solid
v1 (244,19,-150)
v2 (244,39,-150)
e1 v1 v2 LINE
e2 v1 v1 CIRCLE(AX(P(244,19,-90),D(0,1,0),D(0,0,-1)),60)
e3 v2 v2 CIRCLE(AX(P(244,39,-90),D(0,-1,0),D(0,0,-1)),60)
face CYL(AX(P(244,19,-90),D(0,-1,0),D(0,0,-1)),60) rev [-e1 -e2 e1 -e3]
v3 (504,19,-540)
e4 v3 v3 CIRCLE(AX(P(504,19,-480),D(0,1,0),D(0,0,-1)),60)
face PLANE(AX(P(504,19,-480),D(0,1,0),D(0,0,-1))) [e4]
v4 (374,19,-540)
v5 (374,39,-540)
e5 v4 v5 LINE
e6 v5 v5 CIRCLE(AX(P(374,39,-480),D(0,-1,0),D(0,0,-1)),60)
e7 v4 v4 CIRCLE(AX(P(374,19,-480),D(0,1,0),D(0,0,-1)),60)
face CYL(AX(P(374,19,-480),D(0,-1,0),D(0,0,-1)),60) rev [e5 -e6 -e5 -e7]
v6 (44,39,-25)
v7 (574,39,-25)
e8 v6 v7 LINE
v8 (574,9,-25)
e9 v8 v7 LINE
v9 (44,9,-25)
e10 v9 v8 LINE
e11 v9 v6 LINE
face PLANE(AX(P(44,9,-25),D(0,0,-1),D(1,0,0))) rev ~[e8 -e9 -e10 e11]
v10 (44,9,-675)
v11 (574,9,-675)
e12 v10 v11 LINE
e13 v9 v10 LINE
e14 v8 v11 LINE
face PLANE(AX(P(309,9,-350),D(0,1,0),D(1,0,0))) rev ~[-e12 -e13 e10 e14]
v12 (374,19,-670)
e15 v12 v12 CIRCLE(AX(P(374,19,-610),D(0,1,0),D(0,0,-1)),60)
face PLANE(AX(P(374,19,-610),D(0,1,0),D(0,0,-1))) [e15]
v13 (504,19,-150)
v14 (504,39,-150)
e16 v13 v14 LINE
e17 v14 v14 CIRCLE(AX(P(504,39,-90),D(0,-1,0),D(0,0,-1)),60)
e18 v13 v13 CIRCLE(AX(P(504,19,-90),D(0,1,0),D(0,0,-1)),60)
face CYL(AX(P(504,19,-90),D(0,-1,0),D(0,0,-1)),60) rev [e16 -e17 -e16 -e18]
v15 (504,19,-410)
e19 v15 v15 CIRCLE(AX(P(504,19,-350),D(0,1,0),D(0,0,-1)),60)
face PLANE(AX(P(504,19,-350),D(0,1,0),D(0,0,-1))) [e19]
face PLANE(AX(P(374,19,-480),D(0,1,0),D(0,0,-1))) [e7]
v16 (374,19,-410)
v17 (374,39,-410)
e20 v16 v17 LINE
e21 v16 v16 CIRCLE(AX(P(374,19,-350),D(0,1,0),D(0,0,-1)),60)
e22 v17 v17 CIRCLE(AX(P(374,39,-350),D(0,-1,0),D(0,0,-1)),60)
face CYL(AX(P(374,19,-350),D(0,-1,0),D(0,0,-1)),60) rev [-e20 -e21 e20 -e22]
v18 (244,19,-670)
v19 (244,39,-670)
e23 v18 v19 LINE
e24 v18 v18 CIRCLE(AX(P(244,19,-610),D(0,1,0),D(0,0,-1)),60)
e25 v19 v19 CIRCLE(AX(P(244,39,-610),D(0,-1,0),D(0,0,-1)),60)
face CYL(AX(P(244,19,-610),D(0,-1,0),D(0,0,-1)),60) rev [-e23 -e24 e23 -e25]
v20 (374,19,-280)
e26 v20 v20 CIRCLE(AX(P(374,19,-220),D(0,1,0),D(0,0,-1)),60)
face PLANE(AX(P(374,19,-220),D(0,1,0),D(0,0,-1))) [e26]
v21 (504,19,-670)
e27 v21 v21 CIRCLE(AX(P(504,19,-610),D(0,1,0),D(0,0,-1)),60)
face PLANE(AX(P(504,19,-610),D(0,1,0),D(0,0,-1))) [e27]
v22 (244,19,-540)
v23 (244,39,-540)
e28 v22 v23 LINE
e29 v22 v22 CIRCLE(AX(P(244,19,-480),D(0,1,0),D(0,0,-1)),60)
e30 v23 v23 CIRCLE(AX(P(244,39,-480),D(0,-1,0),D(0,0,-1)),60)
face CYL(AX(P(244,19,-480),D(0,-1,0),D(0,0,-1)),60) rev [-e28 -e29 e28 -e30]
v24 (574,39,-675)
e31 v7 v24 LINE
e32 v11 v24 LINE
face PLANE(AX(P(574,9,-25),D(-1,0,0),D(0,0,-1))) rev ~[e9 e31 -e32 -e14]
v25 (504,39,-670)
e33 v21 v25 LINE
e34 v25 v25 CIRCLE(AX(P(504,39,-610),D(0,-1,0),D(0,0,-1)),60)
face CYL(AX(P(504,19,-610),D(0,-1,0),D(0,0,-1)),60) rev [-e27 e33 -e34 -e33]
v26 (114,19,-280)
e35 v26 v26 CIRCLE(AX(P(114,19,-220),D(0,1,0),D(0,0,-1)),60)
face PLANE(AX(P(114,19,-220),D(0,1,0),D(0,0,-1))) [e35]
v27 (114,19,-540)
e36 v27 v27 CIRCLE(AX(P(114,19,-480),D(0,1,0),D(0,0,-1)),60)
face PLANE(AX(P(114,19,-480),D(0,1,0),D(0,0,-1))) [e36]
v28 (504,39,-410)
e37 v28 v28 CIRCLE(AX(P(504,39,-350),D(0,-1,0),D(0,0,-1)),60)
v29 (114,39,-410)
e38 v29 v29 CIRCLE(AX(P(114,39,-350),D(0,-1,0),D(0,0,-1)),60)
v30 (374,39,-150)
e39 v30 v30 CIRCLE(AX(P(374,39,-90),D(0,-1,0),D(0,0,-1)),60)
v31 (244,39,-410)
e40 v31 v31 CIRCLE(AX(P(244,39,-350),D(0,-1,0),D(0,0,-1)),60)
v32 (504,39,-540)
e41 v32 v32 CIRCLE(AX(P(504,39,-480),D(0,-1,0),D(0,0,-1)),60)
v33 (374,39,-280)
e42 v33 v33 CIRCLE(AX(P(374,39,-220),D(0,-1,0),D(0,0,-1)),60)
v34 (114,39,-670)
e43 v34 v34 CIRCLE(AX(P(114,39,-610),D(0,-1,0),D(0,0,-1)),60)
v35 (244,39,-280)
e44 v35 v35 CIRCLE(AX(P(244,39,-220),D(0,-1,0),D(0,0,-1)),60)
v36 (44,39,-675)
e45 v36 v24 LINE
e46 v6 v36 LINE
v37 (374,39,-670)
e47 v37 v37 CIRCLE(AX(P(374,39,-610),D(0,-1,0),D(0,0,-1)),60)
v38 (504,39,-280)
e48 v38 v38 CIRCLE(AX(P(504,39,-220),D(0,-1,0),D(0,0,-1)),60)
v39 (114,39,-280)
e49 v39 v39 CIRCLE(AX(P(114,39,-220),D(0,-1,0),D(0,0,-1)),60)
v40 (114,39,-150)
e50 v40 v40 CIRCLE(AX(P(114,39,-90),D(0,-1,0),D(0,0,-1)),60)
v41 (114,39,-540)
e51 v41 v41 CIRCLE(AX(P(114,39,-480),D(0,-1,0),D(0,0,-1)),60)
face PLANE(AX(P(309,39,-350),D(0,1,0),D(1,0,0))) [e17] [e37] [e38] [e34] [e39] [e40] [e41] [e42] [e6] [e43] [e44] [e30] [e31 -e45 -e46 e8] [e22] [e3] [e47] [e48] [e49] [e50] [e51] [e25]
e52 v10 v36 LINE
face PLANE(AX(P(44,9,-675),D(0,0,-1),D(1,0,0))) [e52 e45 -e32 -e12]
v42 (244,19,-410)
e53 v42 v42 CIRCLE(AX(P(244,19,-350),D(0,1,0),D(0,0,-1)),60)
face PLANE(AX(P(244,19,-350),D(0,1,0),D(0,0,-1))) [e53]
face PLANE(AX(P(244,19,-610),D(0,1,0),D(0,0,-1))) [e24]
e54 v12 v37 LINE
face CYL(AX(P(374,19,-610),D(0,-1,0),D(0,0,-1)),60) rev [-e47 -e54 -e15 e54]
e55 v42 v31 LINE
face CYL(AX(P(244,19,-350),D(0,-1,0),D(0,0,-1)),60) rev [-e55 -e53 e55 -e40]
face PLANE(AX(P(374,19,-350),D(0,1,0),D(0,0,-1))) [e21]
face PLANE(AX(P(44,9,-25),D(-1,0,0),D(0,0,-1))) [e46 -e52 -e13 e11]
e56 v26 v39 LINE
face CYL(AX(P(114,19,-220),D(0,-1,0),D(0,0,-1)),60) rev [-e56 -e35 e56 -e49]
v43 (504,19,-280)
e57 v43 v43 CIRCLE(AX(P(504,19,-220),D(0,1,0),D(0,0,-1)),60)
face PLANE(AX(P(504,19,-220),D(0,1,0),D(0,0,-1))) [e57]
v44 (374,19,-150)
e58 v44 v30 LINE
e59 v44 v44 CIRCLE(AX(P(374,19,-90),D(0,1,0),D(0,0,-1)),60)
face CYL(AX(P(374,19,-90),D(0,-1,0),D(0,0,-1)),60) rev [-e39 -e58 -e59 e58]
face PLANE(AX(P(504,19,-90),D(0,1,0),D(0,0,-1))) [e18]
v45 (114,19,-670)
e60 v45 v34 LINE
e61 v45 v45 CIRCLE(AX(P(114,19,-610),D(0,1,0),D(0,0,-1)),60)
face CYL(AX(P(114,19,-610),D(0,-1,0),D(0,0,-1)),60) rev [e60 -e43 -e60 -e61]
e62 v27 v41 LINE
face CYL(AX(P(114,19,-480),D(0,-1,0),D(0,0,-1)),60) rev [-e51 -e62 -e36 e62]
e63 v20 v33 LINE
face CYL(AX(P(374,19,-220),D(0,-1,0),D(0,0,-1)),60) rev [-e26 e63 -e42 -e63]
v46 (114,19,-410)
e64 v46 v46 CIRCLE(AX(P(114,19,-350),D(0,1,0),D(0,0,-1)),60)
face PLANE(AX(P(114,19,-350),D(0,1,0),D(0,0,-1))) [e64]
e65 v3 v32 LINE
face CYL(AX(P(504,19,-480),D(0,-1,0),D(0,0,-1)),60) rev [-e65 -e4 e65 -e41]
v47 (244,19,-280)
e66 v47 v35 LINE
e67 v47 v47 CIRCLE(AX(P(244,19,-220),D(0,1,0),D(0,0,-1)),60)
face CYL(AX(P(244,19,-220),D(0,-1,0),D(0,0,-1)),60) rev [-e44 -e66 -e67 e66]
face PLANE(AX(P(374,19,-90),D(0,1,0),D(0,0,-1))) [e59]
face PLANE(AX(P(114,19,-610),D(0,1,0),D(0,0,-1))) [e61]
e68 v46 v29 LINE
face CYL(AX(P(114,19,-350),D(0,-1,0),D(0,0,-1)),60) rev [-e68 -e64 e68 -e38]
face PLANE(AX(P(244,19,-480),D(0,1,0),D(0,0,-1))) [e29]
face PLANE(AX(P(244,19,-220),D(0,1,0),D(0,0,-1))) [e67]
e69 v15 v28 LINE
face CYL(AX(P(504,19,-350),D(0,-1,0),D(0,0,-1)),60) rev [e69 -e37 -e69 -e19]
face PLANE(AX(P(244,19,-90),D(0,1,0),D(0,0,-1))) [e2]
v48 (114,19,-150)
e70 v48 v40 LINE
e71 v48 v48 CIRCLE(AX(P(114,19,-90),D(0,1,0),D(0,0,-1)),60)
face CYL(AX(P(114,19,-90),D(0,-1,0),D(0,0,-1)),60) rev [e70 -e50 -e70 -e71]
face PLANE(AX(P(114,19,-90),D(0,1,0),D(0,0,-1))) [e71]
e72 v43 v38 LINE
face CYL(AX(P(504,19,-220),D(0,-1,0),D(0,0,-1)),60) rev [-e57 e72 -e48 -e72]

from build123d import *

# Parameters (mm, degrees)
TPS_SILIKON_GN21_20_CUKUR_1_START  = 9
SKETCH1_W                          = 530
SKETCH1_H                          = 650
TPS_SILIKON_GN21_20_CUKUR_1_DEPTH  = 30
TPS_SILIKON_GN21_20_CUKUR_2_START  = 19
SKETCH2_R                          = 60
TPS_SILIKON_GN21_20_CUKUR_2_DEPTH  = 21
TPS_SILIKON_GN21_20_CUKUR_3_START  = 19
SKETCH3_R                          = 60
TPS_SILIKON_GN21_20_CUKUR_3_DEPTH  = 21
TPS_SILIKON_GN21_20_CUKUR_4_START  = 19
SKETCH4_R                          = 60
TPS_SILIKON_GN21_20_CUKUR_4_DEPTH  = 21
TPS_SILIKON_GN21_20_CUKUR_5_START  = 19
SKETCH5_R                          = 60
TPS_SILIKON_GN21_20_CUKUR_5_DEPTH  = 21
TPS_SILIKON_GN21_20_CUKUR_6_START  = 19
SKETCH6_R                          = 60
TPS_SILIKON_GN21_20_CUKUR_6_DEPTH  = 21
TPS_SILIKON_GN21_20_CUKUR_7_START  = 19
SKETCH7_R                          = 60
TPS_SILIKON_GN21_20_CUKUR_7_DEPTH  = 21
TPS_SILIKON_GN21_20_CUKUR_8_START  = 19
SKETCH8_R                          = 60
TPS_SILIKON_GN21_20_CUKUR_8_DEPTH  = 21
TPS_SILIKON_GN21_20_CUKUR_9_START  = 19
SKETCH9_R                          = 60
TPS_SILIKON_GN21_20_CUKUR_9_DEPTH  = 21
TPS_SILIKON_GN21_20_CUKUR_10_START = 19
SKETCH10_R                         = 60
TPS_SILIKON_GN21_20_CUKUR_10_DEPTH = 21
TPS_SILIKON_GN21_20_CUKUR_11_START = 19
SKETCH11_R                         = 60
TPS_SILIKON_GN21_20_CUKUR_11_DEPTH = 21
TPS_SILIKON_GN21_20_CUKUR_12_START = 19
SKETCH12_R                         = 60
TPS_SILIKON_GN21_20_CUKUR_12_DEPTH = 21
TPS_SILIKON_GN21_20_CUKUR_13_START = 19
SKETCH13_R                         = 60
TPS_SILIKON_GN21_20_CUKUR_13_DEPTH = 21
TPS_SILIKON_GN21_20_CUKUR_14_START = 19
SKETCH14_R                         = 60
TPS_SILIKON_GN21_20_CUKUR_14_DEPTH = 21
TPS_SILIKON_GN21_20_CUKUR_15_START = 19
SKETCH15_R                         = 60
TPS_SILIKON_GN21_20_CUKUR_15_DEPTH = 21
TPS_SILIKON_GN21_20_CUKUR_16_START = 19
SKETCH16_R                         = 60
TPS_SILIKON_GN21_20_CUKUR_16_DEPTH = 21
TPS_SILIKON_GN21_20_CUKUR_17_START = 19
SKETCH17_R                         = 60
TPS_SILIKON_GN21_20_CUKUR_17_DEPTH = 21
TPS_SILIKON_GN21_20_CUKUR_18_START = 19
SKETCH18_R                         = 60
TPS_SILIKON_GN21_20_CUKUR_18_DEPTH = 21
TPS_SILIKON_GN21_20_CUKUR_19_START = 19
SKETCH19_R                         = 60
TPS_SILIKON_GN21_20_CUKUR_19_DEPTH = 21
TPS_SILIKON_GN21_20_CUKUR_20_START = 19
SKETCH20_R                         = 60
TPS_SILIKON_GN21_20_CUKUR_20_DEPTH = 21
TPS_SILIKON_GN21_20_CUKUR_21_START = 19
SKETCH21_R                         = 60
TPS_SILIKON_GN21_20_CUKUR_21_DEPTH = 21


with BuildPart() as part:
    # Sketch1 → TPS_silikon_GN21_20_cukur_1 (new body)
    with BuildSketch(Plane(origin=(0, 0, 0), x_dir=(1, 0, 0), z_dir=(0, 1, 0)).offset(TPS_SILIKON_GN21_20_CUKUR_1_START)):
        with Locations((309, 350)):
            Rectangle(SKETCH1_W, SKETCH1_H)
    extrude(amount=TPS_SILIKON_GN21_20_CUKUR_1_DEPTH)

    # Sketch2 → TPS_silikon_GN21_20_cukur_2 (cut)
    with BuildSketch(Plane(origin=(0, 0, 0), x_dir=(1, 0, 0), z_dir=(0, 1, 0)).offset(TPS_SILIKON_GN21_20_CUKUR_2_START)):
        with Locations(Location((114, 610, 0), (0, 0, 90))):
            Circle(SKETCH2_R)
    extrude(amount=TPS_SILIKON_GN21_20_CUKUR_2_DEPTH, mode=Mode.SUBTRACT)

    # Sketch3 → TPS_silikon_GN21_20_cukur_3 (cut)
    with BuildSketch(Plane(origin=(0, 0, 0), x_dir=(1, 0, 0), z_dir=(0, 1, 0)).offset(TPS_SILIKON_GN21_20_CUKUR_3_START)):
        with Locations(Location((114, 480, 0), (0, 0, 90))):
            Circle(SKETCH3_R)
    extrude(amount=TPS_SILIKON_GN21_20_CUKUR_3_DEPTH, mode=Mode.SUBTRACT)

    # Sketch4 → TPS_silikon_GN21_20_cukur_4 (cut)
    with BuildSketch(Plane(origin=(0, 0, 0), x_dir=(1, 0, 0), z_dir=(0, 1, 0)).offset(TPS_SILIKON_GN21_20_CUKUR_4_START)):
        with Locations(Location((114, 350, 0), (0, 0, 90))):
            Circle(SKETCH4_R)
    extrude(amount=TPS_SILIKON_GN21_20_CUKUR_4_DEPTH, mode=Mode.SUBTRACT)

    # Sketch5 → TPS_silikon_GN21_20_cukur_5 (cut)
    with BuildSketch(Plane(origin=(0, 0, 0), x_dir=(1, 0, 0), z_dir=(0, 1, 0)).offset(TPS_SILIKON_GN21_20_CUKUR_5_START)):
        with Locations(Location((114, 220, 0), (0, 0, 90))):
            Circle(SKETCH5_R)
    extrude(amount=TPS_SILIKON_GN21_20_CUKUR_5_DEPTH, mode=Mode.SUBTRACT)

    # Sketch6 → TPS_silikon_GN21_20_cukur_6 (cut)
    with BuildSketch(Plane(origin=(0, 0, 0), x_dir=(1, 0, 0), z_dir=(0, 1, 0)).offset(TPS_SILIKON_GN21_20_CUKUR_6_START)):
        with Locations(Location((114, 90, 0), (0, 0, 90))):
            Circle(SKETCH6_R)
    extrude(amount=TPS_SILIKON_GN21_20_CUKUR_6_DEPTH, mode=Mode.SUBTRACT)

    # Sketch7 → TPS_silikon_GN21_20_cukur_7 (cut)
    with BuildSketch(Plane(origin=(0, 0, 0), x_dir=(1, 0, 0), z_dir=(0, 1, 0)).offset(TPS_SILIKON_GN21_20_CUKUR_7_START)):
        with Locations(Location((244, 610, 0), (0, 0, 90))):
            Circle(SKETCH7_R)
    extrude(amount=TPS_SILIKON_GN21_20_CUKUR_7_DEPTH, mode=Mode.SUBTRACT)

    # Sketch8 → TPS_silikon_GN21_20_cukur_8 (cut)
    with BuildSketch(Plane(origin=(0, 0, 0), x_dir=(1, 0, 0), z_dir=(0, 1, 0)).offset(TPS_SILIKON_GN21_20_CUKUR_8_START)):
        with Locations(Location((244, 480, 0), (0, 0, 90))):
            Circle(SKETCH8_R)
    extrude(amount=TPS_SILIKON_GN21_20_CUKUR_8_DEPTH, mode=Mode.SUBTRACT)

    # Sketch9 → TPS_silikon_GN21_20_cukur_9 (cut)
    with BuildSketch(Plane(origin=(0, 0, 0), x_dir=(1, 0, 0), z_dir=(0, 1, 0)).offset(TPS_SILIKON_GN21_20_CUKUR_9_START)):
        with Locations(Location((244, 350, 0), (0, 0, 90))):
            Circle(SKETCH9_R)
    extrude(amount=TPS_SILIKON_GN21_20_CUKUR_9_DEPTH, mode=Mode.SUBTRACT)

    # Sketch10 → TPS_silikon_GN21_20_cukur_10 (cut)
    with BuildSketch(Plane(origin=(0, 0, 0), x_dir=(1, 0, 0), z_dir=(0, 1, 0)).offset(TPS_SILIKON_GN21_20_CUKUR_10_START)):
        with Locations(Location((244, 220, 0), (0, 0, 90))):
            Circle(SKETCH10_R)
    extrude(amount=TPS_SILIKON_GN21_20_CUKUR_10_DEPTH, mode=Mode.SUBTRACT)

    # Sketch11 → TPS_silikon_GN21_20_cukur_11 (cut)
    with BuildSketch(Plane(origin=(0, 0, 0), x_dir=(1, 0, 0), z_dir=(0, 1, 0)).offset(TPS_SILIKON_GN21_20_CUKUR_11_START)):
        with Locations(Location((244, 90, 0), (0, 0, 90))):
            Circle(SKETCH11_R)
    extrude(amount=TPS_SILIKON_GN21_20_CUKUR_11_DEPTH, mode=Mode.SUBTRACT)

    # Sketch12 → TPS_silikon_GN21_20_cukur_12 (cut)
    with BuildSketch(Plane(origin=(0, 0, 0), x_dir=(1, 0, 0), z_dir=(0, 1, 0)).offset(TPS_SILIKON_GN21_20_CUKUR_12_START)):
        with Locations(Location((374, 610, 0), (0, 0, 90))):
            Circle(SKETCH12_R)
    extrude(amount=TPS_SILIKON_GN21_20_CUKUR_12_DEPTH, mode=Mode.SUBTRACT)

    # Sketch13 → TPS_silikon_GN21_20_cukur_13 (cut)
    with BuildSketch(Plane(origin=(0, 0, 0), x_dir=(1, 0, 0), z_dir=(0, 1, 0)).offset(TPS_SILIKON_GN21_20_CUKUR_13_START)):
        with Locations(Location((374, 480, 0), (0, 0, 90))):
            Circle(SKETCH13_R)
    extrude(amount=TPS_SILIKON_GN21_20_CUKUR_13_DEPTH, mode=Mode.SUBTRACT)

    # Sketch14 → TPS_silikon_GN21_20_cukur_14 (cut)
    with BuildSketch(Plane(origin=(0, 0, 0), x_dir=(1, 0, 0), z_dir=(0, 1, 0)).offset(TPS_SILIKON_GN21_20_CUKUR_14_START)):
        with Locations(Location((374, 350, 0), (0, 0, 90))):
            Circle(SKETCH14_R)
    extrude(amount=TPS_SILIKON_GN21_20_CUKUR_14_DEPTH, mode=Mode.SUBTRACT)

    # Sketch15 → TPS_silikon_GN21_20_cukur_15 (cut)
    with BuildSketch(Plane(origin=(0, 0, 0), x_dir=(1, 0, 0), z_dir=(0, 1, 0)).offset(TPS_SILIKON_GN21_20_CUKUR_15_START)):
        with Locations(Location((374, 220, 0), (0, 0, 90))):
            Circle(SKETCH15_R)
    extrude(amount=TPS_SILIKON_GN21_20_CUKUR_15_DEPTH, mode=Mode.SUBTRACT)

    # Sketch16 → TPS_silikon_GN21_20_cukur_16 (cut)
    with BuildSketch(Plane(origin=(0, 0, 0), x_dir=(1, 0, 0), z_dir=(0, 1, 0)).offset(TPS_SILIKON_GN21_20_CUKUR_16_START)):
        with Locations(Location((374, 90, 0), (0, 0, 90))):
            Circle(SKETCH16_R)
    extrude(amount=TPS_SILIKON_GN21_20_CUKUR_16_DEPTH, mode=Mode.SUBTRACT)

    # Sketch17 → TPS_silikon_GN21_20_cukur_17 (cut)
    with BuildSketch(Plane(origin=(0, 0, 0), x_dir=(1, 0, 0), z_dir=(0, 1, 0)).offset(TPS_SILIKON_GN21_20_CUKUR_17_START)):
        with Locations(Location((504, 610, 0), (0, 0, 90))):
            Circle(SKETCH17_R)
    extrude(amount=TPS_SILIKON_GN21_20_CUKUR_17_DEPTH, mode=Mode.SUBTRACT)

    # Sketch18 → TPS_silikon_GN21_20_cukur_18 (cut)
    with BuildSketch(Plane(origin=(0, 0, 0), x_dir=(1, 0, 0), z_dir=(0, 1, 0)).offset(TPS_SILIKON_GN21_20_CUKUR_18_START)):
        with Locations(Location((504, 480, 0), (0, 0, 90))):
            Circle(SKETCH18_R)
    extrude(amount=TPS_SILIKON_GN21_20_CUKUR_18_DEPTH, mode=Mode.SUBTRACT)

    # Sketch19 → TPS_silikon_GN21_20_cukur_19 (cut)
    with BuildSketch(Plane(origin=(0, 0, 0), x_dir=(1, 0, 0), z_dir=(0, 1, 0)).offset(TPS_SILIKON_GN21_20_CUKUR_19_START)):
        with Locations(Location((504, 350, 0), (0, 0, 90))):
            Circle(SKETCH19_R)
    extrude(amount=TPS_SILIKON_GN21_20_CUKUR_19_DEPTH, mode=Mode.SUBTRACT)

    # Sketch20 → TPS_silikon_GN21_20_cukur_20 (cut)
    with BuildSketch(Plane(origin=(0, 0, 0), x_dir=(1, 0, 0), z_dir=(0, 1, 0)).offset(TPS_SILIKON_GN21_20_CUKUR_20_START)):
        with Locations(Location((504, 220, 0), (0, 0, 90))):
            Circle(SKETCH20_R)
    extrude(amount=TPS_SILIKON_GN21_20_CUKUR_20_DEPTH, mode=Mode.SUBTRACT)

    # Sketch21 → TPS_silikon_GN21_20_cukur_21 (cut)
    with BuildSketch(Plane(origin=(0, 0, 0), x_dir=(1, 0, 0), z_dir=(0, 1, 0)).offset(TPS_SILIKON_GN21_20_CUKUR_21_START)):
        with Locations(Location((504, 90, 0), (0, 0, 90))):
            Circle(SKETCH21_R)
    extrude(amount=TPS_SILIKON_GN21_20_CUKUR_21_DEPTH, mode=Mode.SUBTRACT)


solid = part.part
